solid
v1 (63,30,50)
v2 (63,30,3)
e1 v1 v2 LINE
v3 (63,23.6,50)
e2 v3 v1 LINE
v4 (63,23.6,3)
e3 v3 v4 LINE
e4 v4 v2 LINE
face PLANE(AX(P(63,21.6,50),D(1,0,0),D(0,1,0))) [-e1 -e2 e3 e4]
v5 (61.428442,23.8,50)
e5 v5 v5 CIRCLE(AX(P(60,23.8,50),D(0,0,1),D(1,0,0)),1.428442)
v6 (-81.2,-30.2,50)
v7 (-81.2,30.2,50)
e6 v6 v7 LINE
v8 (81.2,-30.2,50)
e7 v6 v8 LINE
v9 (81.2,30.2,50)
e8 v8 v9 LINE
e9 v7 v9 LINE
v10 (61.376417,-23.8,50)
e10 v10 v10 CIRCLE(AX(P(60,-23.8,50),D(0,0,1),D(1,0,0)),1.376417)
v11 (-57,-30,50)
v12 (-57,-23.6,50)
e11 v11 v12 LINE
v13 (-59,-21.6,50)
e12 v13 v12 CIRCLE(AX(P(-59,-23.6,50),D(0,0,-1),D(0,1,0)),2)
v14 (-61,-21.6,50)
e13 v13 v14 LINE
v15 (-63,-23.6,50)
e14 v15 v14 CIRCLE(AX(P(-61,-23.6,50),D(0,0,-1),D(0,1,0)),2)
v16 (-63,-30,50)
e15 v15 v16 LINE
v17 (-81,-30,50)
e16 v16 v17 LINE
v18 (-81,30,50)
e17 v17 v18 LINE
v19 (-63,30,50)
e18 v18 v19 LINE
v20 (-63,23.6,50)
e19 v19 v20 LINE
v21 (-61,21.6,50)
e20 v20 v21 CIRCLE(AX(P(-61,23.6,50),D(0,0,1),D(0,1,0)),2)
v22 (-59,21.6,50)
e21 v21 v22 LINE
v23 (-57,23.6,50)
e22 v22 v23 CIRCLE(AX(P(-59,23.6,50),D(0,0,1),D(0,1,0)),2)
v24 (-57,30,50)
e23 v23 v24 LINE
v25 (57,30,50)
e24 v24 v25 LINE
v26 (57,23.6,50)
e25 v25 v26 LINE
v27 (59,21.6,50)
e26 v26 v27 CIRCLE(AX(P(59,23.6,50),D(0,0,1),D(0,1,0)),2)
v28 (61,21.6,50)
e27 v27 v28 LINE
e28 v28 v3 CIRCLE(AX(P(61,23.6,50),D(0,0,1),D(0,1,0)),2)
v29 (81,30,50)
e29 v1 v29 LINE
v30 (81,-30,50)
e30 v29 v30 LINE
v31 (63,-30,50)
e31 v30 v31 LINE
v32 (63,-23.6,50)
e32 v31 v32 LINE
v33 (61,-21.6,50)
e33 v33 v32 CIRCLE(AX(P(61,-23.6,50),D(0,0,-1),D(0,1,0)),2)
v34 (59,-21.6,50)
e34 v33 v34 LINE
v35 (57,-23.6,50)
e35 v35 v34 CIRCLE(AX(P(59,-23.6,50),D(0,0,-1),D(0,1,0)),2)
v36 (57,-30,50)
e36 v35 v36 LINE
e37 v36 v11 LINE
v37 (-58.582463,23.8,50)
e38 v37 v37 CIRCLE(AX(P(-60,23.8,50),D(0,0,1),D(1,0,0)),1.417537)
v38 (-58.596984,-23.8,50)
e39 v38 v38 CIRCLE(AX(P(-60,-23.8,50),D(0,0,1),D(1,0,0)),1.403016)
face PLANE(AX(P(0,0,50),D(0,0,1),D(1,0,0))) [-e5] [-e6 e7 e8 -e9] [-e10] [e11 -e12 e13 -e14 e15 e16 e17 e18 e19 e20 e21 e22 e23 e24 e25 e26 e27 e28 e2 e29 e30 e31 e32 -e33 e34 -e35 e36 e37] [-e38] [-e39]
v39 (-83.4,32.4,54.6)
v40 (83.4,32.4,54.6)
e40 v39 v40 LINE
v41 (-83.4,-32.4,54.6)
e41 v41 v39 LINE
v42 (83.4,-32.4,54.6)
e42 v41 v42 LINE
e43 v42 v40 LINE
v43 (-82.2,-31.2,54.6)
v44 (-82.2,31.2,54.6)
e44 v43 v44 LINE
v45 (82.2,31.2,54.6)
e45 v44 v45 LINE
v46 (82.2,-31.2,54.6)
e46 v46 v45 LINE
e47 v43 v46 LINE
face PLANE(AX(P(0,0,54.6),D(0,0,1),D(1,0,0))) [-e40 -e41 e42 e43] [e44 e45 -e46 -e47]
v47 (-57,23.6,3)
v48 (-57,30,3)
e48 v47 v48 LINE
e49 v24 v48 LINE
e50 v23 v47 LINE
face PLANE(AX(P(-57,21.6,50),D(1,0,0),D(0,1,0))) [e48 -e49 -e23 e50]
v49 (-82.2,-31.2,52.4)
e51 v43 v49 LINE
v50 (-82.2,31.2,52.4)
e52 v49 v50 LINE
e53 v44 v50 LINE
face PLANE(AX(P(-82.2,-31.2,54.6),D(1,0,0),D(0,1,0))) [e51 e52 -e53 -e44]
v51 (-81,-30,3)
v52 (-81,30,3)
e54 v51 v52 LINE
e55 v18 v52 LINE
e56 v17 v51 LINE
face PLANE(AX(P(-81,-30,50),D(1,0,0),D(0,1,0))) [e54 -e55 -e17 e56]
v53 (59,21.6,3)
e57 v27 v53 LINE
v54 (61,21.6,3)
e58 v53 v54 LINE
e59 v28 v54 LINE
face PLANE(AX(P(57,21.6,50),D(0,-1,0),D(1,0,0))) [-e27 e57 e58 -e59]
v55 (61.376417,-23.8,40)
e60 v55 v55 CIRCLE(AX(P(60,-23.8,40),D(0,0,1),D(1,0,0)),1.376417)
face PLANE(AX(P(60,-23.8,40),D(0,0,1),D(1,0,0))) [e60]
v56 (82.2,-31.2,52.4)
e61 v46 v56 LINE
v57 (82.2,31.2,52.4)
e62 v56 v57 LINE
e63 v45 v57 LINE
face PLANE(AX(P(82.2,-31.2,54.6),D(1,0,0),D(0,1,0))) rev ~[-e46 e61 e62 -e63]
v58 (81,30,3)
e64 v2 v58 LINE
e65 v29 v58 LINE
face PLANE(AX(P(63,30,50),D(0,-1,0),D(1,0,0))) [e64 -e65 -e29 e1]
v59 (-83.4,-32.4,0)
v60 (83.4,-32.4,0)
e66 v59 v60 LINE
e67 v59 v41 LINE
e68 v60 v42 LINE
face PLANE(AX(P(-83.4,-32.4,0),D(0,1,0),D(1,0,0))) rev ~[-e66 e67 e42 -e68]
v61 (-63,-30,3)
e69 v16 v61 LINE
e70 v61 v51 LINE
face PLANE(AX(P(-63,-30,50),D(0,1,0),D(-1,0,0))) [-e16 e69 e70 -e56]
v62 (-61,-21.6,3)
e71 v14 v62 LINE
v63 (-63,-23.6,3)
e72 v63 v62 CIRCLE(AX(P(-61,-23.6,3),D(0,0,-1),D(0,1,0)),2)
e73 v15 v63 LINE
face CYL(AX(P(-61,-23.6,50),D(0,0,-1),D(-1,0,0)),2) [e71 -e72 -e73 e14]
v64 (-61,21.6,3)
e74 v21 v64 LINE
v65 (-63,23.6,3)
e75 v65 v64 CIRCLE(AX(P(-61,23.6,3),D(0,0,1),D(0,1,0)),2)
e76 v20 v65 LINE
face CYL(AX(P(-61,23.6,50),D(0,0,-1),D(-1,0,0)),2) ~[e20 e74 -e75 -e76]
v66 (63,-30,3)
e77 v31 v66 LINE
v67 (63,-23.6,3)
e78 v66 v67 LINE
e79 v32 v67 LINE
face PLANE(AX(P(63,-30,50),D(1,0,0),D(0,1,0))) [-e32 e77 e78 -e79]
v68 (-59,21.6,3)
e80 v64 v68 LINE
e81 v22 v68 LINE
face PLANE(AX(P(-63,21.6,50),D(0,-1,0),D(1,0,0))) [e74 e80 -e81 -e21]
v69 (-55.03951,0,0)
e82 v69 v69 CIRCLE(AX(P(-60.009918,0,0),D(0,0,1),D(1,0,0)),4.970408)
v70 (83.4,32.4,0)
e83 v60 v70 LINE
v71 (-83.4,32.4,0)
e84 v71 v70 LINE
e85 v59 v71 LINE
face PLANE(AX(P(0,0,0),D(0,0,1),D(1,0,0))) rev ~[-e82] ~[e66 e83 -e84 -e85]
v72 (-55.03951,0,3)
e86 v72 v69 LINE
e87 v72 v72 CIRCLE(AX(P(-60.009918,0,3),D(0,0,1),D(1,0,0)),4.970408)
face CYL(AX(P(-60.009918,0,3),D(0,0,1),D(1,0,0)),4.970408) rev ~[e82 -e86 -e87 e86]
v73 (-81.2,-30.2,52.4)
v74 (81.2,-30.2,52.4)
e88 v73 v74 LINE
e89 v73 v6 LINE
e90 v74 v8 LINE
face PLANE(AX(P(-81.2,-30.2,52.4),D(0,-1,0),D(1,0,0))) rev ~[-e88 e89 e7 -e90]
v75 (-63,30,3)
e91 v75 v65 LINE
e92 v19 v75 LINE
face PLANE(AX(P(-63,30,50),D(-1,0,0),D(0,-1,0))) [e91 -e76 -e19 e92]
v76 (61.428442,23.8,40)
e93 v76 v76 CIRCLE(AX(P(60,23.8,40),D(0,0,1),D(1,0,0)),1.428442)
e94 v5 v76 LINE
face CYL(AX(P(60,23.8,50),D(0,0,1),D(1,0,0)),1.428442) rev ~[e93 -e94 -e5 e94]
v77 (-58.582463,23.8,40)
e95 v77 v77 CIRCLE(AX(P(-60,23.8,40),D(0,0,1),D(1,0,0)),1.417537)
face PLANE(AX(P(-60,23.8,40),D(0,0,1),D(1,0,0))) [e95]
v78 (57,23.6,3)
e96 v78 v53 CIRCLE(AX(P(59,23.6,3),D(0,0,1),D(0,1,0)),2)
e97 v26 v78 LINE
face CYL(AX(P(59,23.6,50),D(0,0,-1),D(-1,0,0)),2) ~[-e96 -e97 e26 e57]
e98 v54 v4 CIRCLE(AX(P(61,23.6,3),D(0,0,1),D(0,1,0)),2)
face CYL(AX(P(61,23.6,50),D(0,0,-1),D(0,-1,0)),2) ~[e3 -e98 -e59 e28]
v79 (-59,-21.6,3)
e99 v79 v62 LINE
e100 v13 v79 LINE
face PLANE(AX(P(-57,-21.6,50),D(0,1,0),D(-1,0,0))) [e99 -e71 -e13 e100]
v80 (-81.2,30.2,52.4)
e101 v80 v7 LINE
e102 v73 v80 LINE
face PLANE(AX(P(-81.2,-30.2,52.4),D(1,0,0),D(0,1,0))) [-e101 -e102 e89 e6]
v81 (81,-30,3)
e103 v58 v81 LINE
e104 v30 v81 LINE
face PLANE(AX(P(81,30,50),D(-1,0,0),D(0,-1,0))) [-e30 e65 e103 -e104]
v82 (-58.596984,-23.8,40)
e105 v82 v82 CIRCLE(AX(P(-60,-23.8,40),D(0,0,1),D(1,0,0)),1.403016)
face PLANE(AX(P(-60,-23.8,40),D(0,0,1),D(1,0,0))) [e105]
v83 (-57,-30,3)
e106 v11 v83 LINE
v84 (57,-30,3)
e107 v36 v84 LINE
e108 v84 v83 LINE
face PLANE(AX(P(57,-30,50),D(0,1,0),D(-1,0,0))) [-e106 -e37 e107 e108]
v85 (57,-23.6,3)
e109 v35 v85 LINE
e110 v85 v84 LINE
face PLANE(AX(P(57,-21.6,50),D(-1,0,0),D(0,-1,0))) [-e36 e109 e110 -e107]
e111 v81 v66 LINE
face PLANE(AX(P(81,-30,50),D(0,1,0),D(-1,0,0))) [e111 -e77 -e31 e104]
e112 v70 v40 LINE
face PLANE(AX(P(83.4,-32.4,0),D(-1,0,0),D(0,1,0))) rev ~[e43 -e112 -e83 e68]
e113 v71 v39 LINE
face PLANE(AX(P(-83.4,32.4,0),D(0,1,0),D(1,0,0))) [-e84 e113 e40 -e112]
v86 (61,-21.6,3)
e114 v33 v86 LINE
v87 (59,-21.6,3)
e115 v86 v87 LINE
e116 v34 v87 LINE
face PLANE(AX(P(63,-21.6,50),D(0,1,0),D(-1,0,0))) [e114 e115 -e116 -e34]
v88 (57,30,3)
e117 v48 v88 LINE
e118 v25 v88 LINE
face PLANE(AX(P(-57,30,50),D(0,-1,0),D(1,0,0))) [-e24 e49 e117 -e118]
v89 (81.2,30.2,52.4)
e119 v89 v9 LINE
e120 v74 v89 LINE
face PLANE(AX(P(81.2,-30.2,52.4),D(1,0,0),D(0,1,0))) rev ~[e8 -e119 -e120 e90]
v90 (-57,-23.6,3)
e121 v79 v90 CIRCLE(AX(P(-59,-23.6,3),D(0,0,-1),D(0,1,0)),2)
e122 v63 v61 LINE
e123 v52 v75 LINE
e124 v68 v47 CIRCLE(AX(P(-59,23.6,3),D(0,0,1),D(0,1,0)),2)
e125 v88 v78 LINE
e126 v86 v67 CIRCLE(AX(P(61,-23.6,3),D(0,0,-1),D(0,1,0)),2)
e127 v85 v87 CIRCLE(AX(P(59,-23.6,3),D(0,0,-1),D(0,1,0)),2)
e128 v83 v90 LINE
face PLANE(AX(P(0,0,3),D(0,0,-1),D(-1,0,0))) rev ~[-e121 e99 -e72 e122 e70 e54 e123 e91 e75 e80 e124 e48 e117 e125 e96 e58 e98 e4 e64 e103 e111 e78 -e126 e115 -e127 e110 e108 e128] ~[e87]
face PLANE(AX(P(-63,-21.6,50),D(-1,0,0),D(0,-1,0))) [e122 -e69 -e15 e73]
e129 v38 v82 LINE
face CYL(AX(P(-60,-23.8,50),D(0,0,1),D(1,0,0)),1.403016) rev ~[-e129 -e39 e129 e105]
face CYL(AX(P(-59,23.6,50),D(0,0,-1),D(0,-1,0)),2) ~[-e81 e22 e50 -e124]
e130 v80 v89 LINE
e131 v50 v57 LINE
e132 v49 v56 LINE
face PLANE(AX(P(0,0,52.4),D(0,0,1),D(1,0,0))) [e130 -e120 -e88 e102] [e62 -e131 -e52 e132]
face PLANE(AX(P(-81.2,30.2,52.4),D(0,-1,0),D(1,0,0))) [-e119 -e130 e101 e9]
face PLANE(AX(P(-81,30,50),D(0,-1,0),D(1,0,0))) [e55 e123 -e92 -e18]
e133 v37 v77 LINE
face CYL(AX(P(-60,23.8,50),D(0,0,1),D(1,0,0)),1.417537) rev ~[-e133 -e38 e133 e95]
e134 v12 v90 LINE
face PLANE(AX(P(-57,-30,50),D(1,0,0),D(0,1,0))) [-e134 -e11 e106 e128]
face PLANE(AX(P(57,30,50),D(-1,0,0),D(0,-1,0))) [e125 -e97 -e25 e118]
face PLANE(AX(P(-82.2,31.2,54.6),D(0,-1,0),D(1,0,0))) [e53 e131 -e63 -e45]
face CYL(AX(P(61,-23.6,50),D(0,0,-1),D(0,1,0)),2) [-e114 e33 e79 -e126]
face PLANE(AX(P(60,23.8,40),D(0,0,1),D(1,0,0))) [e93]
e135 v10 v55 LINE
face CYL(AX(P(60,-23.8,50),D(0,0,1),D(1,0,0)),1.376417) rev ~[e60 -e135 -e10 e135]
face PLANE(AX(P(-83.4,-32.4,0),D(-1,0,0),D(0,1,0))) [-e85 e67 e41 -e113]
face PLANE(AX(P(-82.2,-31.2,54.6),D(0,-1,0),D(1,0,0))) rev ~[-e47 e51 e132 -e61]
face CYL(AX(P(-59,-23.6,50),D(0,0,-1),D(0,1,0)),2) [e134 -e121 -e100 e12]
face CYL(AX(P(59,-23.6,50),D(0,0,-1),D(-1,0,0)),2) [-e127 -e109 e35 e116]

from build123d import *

# Parameters (mm, degrees)
SKETCH_W        = 166.8
SKETCH_H        = 64.8
PAD_DEPTH       = 54.6
SKETCH001_W     = 164.4
SKETCH001_H     = 62.4
POCKET_DEPTH    = 2.2
SKETCH002_W     = 162.4
SKETCH002_H     = 60.4
POCKET001_DEPTH = 2.4
SKETCH003_R     = 1.417537
SKETCH003_R_2   = 1.403016
SKETCH003_R_3   = 1.376417
SKETCH003_R_4   = 1.428442
POCKET002_DEPTH = 10
POCKET003_DEPTH = 47
SKETCH005_R     = 4.970408
POCKET004_DEPTH = 3
FILLET_R        = 2


with BuildPart() as part:
    # Sketch → Pad (new body)
    with BuildSketch(Plane.XY):
        Rectangle(SKETCH_W, SKETCH_H)
    extrude(amount=PAD_DEPTH)

    # Sketch001 (on Face6 of Pad) → Pocket (cut)
    with BuildSketch(Plane.XY.offset(54.6)):
        Rectangle(SKETCH001_W, SKETCH001_H)
    extrude(amount=-POCKET_DEPTH, mode=Mode.SUBTRACT)

    # Sketch002 (on Face11 of Pocket) → Pocket001 (cut)
    with BuildSketch(Plane.XY.offset(52.4)):
        Rectangle(SKETCH002_W, SKETCH002_H)
    extrude(amount=-POCKET001_DEPTH, mode=Mode.SUBTRACT)

    # Sketch003 (on Face16 of Pocket001) → Pocket002 (cut)
    with BuildSketch(Plane.XY.offset(50)):
        with Locations((-60, 23.8)):
            Circle(SKETCH003_R)
        with Locations((-60, -23.8)):
            Circle(SKETCH003_R_2)
        with Locations((60, -23.8)):
            Circle(SKETCH003_R_3)
        with Locations((60, 23.8)):
            Circle(SKETCH003_R_4)
    extrude(amount=-POCKET002_DEPTH, mode=Mode.SUBTRACT)

    # Sketch004 (on Face16 of Pocket002) → Pocket003 (cut)
    with BuildSketch(Plane.XY.offset(50)):
        Polygon((-81, -30), (-81, 30), (-63, 30), (-63, 21.6), (-57, 21.6), (-57, 30), (57, 30), (57, 21.6), (63, 21.6), (63, 30), (81, 30), (81, -30), (63, -30), (63, -21.6), (57, -21.6), (57, -30), (-57, -30), (-57, -21.6), (-63, -21.6), (-63, -30), align=None)
    extrude(amount=-POCKET003_DEPTH, mode=Mode.SUBTRACT)

    # Sketch005 (on Face44 of Pocket003) → Pocket004 (cut)
    with BuildSketch(Plane.XY.offset(3)):
        with Locations((-60.009918, 0)):
            Circle(SKETCH005_R)
    extrude(amount=-POCKET004_DEPTH, mode=Mode.SUBTRACT)

    # Fillet
    fillet_edges = [part.edges().sort_by_distance(p)[0] for p in [
        (-63, 21.6, 26.5),
        (-57, 21.6, 26.5),
        (57, 21.6, 26.5),
        (63, 21.6, 26.5),
        (63, -21.6, 26.5),
        (-57, -21.6, 26.5),
        (57, -21.6, 26.5),
        (-63, -21.6, 26.5),
    ]]
    fillet(fillet_edges, radius=FILLET_R)


solid = part.part
